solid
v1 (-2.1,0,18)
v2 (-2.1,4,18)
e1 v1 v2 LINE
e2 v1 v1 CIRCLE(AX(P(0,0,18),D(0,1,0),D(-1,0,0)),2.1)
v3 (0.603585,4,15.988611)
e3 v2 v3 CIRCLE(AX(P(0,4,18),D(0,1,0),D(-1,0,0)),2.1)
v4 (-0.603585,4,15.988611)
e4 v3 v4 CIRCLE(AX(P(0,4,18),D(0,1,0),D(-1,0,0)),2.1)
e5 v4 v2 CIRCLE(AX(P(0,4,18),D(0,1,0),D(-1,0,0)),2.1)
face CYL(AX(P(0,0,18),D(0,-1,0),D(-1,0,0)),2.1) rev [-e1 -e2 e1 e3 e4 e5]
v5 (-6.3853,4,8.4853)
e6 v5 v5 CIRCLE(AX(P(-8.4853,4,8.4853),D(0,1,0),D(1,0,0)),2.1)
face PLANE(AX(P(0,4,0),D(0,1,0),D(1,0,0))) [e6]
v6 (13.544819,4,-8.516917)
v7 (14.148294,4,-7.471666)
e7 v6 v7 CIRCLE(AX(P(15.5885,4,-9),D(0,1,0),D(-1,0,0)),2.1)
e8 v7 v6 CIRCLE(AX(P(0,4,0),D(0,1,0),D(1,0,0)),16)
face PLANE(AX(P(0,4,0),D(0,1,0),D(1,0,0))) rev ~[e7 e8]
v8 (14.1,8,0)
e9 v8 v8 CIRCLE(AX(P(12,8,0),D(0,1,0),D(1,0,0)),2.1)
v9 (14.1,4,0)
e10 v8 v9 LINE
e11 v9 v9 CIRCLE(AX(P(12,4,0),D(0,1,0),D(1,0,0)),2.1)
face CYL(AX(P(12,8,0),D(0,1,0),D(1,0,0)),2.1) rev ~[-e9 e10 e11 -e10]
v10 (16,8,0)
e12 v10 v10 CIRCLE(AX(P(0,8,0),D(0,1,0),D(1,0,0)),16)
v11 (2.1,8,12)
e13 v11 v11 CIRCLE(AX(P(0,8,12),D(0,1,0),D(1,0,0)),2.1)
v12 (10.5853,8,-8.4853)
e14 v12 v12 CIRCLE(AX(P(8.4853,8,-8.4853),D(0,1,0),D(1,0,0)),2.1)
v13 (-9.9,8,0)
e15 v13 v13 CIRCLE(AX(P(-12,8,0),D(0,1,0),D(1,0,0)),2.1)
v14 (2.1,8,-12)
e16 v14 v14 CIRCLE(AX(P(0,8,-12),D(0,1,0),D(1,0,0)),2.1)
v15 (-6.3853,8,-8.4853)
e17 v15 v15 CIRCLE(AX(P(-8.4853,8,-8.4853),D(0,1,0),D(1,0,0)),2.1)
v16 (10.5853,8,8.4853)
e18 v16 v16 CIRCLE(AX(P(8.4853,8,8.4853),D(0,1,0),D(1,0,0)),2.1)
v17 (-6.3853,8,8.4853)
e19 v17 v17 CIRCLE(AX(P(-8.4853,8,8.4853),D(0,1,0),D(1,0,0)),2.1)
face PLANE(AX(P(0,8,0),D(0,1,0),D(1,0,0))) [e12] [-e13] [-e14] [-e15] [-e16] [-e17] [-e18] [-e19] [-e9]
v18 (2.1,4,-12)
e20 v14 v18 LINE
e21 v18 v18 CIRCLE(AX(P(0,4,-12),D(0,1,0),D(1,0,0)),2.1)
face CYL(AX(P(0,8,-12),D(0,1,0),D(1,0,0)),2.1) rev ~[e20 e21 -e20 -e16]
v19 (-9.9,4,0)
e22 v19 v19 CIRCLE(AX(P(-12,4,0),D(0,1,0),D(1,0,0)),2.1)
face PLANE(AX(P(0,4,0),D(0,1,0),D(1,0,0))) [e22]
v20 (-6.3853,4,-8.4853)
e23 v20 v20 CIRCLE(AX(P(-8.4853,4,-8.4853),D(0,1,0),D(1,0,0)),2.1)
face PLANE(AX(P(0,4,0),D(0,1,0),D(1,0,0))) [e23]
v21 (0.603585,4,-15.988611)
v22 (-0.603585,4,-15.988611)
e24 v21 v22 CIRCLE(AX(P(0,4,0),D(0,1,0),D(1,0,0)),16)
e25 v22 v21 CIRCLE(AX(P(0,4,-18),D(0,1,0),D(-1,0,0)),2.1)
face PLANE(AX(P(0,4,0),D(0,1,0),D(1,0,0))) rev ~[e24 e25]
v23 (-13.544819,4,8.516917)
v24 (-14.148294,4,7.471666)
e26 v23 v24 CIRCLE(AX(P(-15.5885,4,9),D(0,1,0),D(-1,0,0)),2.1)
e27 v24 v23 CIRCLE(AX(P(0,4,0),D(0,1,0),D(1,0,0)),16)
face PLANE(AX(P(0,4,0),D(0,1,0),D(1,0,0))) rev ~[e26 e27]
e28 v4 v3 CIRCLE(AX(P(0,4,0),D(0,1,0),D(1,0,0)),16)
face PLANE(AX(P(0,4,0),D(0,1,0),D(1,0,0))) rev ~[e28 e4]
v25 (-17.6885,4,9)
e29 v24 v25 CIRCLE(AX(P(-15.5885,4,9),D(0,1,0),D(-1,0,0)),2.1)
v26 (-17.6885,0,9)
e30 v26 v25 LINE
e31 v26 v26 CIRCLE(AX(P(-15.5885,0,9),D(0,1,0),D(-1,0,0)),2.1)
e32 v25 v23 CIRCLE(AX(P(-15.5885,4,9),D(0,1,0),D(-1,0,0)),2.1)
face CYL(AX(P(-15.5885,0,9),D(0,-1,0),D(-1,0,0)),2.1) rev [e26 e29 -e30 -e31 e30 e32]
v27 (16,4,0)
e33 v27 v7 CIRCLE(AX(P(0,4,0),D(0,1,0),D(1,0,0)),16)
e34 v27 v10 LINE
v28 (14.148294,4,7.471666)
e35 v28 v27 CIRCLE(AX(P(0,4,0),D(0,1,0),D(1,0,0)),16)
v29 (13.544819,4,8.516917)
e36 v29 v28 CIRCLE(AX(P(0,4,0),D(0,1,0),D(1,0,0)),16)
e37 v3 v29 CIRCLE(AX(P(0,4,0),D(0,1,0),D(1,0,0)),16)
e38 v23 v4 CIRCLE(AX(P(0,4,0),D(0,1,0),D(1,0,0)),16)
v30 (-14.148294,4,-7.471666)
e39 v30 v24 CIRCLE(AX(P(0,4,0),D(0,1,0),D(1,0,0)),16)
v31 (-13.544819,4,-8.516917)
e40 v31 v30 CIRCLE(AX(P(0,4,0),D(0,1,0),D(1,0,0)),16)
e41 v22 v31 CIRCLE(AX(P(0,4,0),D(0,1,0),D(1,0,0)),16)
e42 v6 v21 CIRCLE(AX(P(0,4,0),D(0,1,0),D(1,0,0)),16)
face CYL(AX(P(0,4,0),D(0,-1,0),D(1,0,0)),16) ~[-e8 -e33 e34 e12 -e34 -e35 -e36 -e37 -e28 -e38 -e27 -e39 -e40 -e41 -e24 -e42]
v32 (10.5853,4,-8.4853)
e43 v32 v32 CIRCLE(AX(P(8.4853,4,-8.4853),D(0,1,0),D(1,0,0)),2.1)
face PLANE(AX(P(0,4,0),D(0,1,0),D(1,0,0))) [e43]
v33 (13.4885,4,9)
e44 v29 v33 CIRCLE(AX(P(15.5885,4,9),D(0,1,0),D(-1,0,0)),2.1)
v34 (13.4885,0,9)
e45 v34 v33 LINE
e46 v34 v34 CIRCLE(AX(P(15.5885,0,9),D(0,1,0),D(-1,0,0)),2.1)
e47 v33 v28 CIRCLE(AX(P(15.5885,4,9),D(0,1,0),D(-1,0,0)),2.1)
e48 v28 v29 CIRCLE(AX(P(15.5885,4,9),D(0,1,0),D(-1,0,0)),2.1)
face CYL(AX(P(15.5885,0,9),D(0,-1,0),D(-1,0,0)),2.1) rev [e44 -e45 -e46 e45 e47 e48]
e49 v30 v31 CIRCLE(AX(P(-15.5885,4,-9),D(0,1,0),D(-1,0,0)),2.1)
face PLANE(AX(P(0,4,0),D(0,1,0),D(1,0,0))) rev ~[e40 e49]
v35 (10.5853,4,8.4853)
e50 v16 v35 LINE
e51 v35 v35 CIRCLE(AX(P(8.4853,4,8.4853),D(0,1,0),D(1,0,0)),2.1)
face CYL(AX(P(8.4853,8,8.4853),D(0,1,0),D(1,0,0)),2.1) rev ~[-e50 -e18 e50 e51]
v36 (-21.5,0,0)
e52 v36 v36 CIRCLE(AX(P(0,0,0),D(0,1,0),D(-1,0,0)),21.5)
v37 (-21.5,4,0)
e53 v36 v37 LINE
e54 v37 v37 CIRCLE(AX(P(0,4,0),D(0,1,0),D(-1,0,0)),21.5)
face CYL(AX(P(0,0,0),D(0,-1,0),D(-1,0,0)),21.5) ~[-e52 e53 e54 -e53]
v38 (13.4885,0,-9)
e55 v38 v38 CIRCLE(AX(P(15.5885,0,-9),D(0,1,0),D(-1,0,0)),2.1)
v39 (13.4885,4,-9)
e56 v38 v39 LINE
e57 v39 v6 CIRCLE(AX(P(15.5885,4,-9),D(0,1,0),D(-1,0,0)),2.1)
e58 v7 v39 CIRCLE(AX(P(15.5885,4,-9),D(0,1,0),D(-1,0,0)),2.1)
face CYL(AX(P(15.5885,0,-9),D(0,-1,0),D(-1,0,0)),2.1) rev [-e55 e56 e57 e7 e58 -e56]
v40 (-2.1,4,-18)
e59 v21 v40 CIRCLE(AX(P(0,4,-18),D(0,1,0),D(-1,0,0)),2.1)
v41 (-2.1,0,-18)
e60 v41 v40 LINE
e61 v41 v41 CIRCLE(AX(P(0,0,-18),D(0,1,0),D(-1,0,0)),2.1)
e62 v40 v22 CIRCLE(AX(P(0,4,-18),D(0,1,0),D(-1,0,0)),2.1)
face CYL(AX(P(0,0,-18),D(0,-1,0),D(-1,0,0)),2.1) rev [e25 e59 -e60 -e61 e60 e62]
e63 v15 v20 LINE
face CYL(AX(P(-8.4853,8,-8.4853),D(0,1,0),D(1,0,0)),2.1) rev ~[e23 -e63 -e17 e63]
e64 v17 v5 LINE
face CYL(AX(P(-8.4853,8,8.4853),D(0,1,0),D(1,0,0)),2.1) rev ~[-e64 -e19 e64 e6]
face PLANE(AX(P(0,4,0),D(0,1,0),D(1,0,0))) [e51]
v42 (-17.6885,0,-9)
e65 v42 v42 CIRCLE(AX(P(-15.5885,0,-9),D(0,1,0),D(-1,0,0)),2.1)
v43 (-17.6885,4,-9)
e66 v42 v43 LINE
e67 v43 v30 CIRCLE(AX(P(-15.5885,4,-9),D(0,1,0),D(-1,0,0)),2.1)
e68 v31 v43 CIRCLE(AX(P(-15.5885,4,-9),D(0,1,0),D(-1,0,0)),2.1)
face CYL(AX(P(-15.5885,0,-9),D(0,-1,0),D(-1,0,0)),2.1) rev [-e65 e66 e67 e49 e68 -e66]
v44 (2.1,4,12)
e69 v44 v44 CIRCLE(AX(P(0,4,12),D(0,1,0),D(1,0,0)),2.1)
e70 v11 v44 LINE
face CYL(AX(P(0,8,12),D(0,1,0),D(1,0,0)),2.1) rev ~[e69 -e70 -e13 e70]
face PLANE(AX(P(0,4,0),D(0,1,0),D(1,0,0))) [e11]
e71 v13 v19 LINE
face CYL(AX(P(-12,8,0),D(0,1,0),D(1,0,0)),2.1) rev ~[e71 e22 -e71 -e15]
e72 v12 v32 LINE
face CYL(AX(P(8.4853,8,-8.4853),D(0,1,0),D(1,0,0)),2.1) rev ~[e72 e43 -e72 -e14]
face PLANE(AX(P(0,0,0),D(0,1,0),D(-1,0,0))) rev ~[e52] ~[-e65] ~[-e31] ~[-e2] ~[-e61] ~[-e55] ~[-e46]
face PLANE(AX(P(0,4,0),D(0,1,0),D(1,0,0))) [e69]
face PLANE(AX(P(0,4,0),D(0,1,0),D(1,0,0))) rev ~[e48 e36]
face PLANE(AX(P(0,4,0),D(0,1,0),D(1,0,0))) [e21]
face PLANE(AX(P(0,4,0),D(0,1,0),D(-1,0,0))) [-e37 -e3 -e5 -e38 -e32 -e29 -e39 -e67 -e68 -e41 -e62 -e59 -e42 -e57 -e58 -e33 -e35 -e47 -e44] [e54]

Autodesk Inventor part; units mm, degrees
ref_plane "YZ Plane" through (0, 0, 0) normal (1, 0, 0) x (0, 1, 0)
ref_plane "XZ Plane" through (0, 0, 0) normal (0, 1, 0) x (-1, 0, 0)
ref_plane "XY Plane" through (0, 0, 0) normal (0, 0, 1) x (1, 0, 0)
sketch "Sketch1" plane through (0, 0, 0) normal (0, 1, 0) x (-1, 0, 0)
  circle A0 centre (0, 0) radius 21.5
  circle A1 centre (0, -18) radius 2.1
  circle A2 centre (15.5885, -9) radius 2.1
  circle A3 centre (15.5885, 9) radius 2.1
  circle A4 centre (0, 18) radius 2.1
  circle A5 centre (-15.5885, 9) radius 2.1
  circle A6 centre (-15.5885, -9) radius 2.1
  dimension "d0" = 43
  dimension "d1" = 4.2
  dimension "d2" = 18
  dimension "d5" = 360
extrude "Extrusion1" add sketch "Sketch1" along normal blind 4
sketch "Sketch2" plane through (0, 4, 0) normal (0, 1, 0) x (1, 0, 0)
  circle A0 centre (0, 0) radius 16
  dimension "d9" = 32
thread "Thread1" size "M4x0.7" class "6H" standard "ANSI Metric M Profile" full length
thread "Thread2" size "M4x0.7" class "6H" standard "ANSI Metric M Profile" full length
thread "Thread3" size "M4x0.7" class "6H" standard "ANSI Metric M Profile" full length
thread "Thread4" size "M4x0.7" class "6H" standard "ANSI Metric M Profile" full length
thread "Thread5" size "M4x0.7" class "6H" standard "ANSI Metric M Profile" full length
thread "Thread6" size "M4x0.7" class "6H" standard "ANSI Metric M Profile" full length
extrude "Extrusion2" add sketch "Sketch2" along normal blind 4
sketch "Sketch3" plane through (0, 8, 0) normal (0, 1, 0) x (1, 0, 0)
  circle A0 centre (0, 12) radius 2.1
  circle A1 centre (-8.4853, 8.4853) radius 2.1
  circle A2 centre (-12, 0) radius 2.1
  circle A3 centre (-8.4853, -8.4853) radius 2.1
  circle A4 centre (0, -12) radius 2.1
  circle A5 centre (8.4853, -8.4853) radius 2.1
  circle A6 centre (12, 0) radius 2.1
  circle A7 centre (8.4853, 8.4853) radius 2.1
  point P0 (0, 0)
  dimension "d27" = 4.2
  dimension "d32" = 360
  dimension "d44" = 12
extrude "Extrusion3" cut sketch "Sketch3" against normal blind 4
thread "Thread7" size "M4x0.7" class "6H" standard "ANSI Metric M Profile" full length
thread "Thread8" size "M4x0.7" class "6H" standard "ANSI Metric M Profile" full length
thread "Thread9" size "M4x0.7" class "6H" standard "ANSI Metric M Profile" full length
thread "Thread10" size "M4x0.7" class "6H" standard "ANSI Metric M Profile" full length
thread "Thread11" size "M4x0.7" class "6H" standard "ANSI Metric M Profile" full length
thread "Thread12" size "M4x0.7" class "6H" standard "ANSI Metric M Profile" full length
thread "Thread13" size "M4x0.7" class "6H" standard "ANSI Metric M Profile" full length
thread "Thread14" size "M4x0.7" class "6H" standard "ANSI Metric M Profile" full length
properties part number "OutPutPlate"
